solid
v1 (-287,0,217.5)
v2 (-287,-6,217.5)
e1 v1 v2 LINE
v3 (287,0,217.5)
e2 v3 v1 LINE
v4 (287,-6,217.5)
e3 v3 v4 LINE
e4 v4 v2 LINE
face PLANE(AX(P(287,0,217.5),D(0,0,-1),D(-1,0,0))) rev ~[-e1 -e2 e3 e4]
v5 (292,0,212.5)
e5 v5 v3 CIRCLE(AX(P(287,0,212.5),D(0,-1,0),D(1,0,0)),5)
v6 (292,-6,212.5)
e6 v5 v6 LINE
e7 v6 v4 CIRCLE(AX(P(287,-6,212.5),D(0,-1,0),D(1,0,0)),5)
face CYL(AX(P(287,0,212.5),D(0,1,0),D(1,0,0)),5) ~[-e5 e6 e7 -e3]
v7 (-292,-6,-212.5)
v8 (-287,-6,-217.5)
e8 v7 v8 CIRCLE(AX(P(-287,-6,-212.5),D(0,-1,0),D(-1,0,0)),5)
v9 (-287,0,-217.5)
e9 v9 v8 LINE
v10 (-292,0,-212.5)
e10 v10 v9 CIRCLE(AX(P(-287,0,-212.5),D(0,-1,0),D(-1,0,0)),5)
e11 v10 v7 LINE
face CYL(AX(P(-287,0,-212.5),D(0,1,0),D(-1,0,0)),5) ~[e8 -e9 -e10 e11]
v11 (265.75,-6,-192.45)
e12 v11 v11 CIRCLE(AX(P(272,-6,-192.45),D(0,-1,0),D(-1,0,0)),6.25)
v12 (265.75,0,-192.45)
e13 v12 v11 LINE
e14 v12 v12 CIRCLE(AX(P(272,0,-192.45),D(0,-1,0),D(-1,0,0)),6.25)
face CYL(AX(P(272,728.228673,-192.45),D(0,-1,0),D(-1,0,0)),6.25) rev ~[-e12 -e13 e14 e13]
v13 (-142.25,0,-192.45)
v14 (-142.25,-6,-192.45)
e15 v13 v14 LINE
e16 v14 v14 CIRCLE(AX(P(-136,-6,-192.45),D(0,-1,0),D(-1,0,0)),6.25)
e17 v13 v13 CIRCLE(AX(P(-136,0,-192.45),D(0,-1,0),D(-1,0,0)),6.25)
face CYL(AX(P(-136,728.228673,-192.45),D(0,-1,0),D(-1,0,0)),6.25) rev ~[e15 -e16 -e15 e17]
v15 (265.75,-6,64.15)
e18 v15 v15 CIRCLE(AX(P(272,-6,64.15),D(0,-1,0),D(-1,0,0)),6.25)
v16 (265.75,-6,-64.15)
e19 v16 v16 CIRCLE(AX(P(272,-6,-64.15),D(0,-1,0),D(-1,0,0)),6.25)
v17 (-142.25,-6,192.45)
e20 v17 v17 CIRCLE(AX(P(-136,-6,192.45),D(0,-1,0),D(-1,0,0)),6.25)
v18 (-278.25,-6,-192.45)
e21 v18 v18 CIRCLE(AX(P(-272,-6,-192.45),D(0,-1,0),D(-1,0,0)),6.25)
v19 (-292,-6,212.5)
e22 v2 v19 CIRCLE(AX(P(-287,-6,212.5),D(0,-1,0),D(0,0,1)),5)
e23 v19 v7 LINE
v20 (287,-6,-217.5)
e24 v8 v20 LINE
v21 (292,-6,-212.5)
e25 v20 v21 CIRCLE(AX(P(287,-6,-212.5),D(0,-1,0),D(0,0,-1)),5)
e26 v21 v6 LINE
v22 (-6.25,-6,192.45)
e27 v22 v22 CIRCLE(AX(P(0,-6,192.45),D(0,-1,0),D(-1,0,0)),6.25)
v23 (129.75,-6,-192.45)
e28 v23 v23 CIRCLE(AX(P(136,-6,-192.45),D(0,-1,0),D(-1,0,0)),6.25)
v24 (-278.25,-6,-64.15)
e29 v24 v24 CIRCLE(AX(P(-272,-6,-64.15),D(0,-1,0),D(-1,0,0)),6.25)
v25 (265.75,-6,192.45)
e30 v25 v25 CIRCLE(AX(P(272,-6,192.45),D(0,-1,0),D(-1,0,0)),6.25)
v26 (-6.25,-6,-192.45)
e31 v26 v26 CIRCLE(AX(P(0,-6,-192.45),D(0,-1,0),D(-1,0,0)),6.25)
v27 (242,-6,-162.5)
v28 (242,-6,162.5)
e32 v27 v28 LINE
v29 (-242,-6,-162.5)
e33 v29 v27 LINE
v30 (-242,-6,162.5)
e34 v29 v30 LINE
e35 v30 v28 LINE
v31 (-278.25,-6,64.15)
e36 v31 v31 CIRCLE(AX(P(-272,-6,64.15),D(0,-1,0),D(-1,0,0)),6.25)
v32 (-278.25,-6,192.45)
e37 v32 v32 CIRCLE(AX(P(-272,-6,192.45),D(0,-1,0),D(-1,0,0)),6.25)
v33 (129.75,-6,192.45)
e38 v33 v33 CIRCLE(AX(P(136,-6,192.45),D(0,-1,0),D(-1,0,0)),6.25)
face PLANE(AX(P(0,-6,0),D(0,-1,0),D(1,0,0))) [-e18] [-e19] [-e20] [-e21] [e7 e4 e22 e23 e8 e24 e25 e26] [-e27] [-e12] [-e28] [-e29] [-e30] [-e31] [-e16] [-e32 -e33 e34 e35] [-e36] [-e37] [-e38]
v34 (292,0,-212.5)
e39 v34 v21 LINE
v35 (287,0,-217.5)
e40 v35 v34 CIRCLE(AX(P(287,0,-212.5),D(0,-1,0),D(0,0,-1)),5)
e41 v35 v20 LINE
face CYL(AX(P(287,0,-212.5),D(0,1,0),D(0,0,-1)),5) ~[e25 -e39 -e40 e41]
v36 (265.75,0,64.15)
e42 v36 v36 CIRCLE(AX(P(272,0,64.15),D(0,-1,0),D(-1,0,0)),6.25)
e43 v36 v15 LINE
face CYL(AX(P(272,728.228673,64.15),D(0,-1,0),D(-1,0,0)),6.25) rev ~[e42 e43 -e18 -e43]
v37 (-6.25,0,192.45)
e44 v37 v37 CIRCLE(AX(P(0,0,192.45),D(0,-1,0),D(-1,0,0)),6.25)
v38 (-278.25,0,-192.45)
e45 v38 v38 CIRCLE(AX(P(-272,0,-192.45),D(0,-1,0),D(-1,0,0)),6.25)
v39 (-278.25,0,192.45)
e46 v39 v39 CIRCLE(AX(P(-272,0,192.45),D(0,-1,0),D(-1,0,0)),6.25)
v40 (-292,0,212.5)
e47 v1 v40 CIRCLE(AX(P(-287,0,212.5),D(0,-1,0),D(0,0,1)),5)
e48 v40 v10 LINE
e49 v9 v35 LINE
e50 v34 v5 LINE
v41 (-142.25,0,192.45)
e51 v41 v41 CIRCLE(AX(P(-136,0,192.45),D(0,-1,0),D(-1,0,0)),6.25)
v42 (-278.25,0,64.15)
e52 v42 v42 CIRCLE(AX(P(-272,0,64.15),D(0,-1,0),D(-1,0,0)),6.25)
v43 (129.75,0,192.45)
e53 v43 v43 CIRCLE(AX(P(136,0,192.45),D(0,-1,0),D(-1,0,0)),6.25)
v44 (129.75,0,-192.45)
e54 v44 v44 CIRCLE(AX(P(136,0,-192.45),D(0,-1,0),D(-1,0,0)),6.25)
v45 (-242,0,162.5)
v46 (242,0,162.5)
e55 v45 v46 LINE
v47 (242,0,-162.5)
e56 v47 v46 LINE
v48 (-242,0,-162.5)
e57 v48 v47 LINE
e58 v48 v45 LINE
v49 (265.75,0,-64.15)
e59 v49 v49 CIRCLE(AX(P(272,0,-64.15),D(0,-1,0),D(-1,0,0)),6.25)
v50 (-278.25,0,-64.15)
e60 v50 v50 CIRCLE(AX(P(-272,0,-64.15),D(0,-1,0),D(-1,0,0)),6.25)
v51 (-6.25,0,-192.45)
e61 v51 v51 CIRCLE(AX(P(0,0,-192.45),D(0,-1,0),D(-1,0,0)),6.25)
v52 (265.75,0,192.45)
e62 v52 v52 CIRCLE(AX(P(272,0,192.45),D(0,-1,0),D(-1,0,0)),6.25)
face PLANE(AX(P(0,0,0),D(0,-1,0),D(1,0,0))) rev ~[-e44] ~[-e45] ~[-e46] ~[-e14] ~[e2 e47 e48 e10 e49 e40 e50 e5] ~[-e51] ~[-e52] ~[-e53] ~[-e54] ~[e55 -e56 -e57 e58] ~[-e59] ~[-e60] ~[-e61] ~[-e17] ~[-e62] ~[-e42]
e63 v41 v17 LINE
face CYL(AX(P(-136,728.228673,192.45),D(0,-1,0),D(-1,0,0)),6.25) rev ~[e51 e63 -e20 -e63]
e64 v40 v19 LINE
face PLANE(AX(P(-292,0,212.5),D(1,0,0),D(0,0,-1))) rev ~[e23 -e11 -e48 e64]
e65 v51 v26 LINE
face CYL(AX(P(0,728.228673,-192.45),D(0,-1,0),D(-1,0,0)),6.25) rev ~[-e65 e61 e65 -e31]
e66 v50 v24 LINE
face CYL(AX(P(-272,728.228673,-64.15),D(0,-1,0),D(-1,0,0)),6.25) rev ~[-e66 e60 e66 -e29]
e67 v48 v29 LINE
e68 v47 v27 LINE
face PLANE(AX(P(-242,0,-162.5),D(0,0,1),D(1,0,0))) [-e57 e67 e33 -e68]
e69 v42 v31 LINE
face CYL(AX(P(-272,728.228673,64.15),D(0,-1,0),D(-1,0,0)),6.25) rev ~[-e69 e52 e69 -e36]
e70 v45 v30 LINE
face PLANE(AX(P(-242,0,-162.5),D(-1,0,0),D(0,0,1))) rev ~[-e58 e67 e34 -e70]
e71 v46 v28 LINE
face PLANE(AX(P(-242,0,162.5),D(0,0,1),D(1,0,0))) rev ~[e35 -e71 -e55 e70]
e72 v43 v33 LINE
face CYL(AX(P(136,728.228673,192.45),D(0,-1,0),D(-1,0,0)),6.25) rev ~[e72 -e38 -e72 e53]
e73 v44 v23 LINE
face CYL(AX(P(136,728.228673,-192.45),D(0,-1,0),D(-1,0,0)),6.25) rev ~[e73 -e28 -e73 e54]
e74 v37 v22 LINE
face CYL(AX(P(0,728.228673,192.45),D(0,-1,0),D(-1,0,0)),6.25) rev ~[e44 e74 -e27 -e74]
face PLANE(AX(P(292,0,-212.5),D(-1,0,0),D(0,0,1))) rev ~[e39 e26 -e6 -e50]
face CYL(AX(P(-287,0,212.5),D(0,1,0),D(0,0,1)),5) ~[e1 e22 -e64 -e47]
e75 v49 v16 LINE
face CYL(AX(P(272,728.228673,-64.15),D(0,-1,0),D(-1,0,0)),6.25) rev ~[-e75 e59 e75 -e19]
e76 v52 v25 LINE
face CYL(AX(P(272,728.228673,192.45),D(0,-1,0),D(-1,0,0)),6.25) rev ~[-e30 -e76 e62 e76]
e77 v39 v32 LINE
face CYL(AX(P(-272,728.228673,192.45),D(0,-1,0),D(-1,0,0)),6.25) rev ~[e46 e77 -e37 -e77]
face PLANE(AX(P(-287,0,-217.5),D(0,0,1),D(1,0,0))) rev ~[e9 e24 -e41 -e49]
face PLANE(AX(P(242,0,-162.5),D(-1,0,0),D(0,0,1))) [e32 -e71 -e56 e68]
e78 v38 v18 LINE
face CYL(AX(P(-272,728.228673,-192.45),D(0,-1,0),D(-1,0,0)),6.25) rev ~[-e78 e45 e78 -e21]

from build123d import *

# Parameters (mm, degrees)
F0_W     = 484
F0_H     = 325
F1_DEPTH = 6
F3_D     = 12.5


with BuildPart() as f1:
    # F0 (on Front) → F1 (new body)
    with BuildSketch(Plane.XZ):
        with BuildLine():
            Line((-287, -217.5), (287, -217.5))
            ThreePointArc((287, -217.5), (290.5355339059, -216.0355339059), (292, -212.5))
            Line((292, -212.5), (292, 212.5))
            ThreePointArc((292, 212.5), (290.5355339059, 216.0355339059), (287, 217.5))
            Line((287, 217.5), (-287, 217.5))
            ThreePointArc((-287, 217.5), (-290.5355339059, 216.0355339059), (-292, 212.5))
            Line((-292, 212.5), (-292, -212.5))
            ThreePointArc((-292, -212.5), (-290.5355339059, -216.0355339059), (-287, -217.5))
        make_face()
        Rectangle(F0_W, F0_H, mode=Mode.SUBTRACT)
    extrude(amount=F1_DEPTH)

    # F3 (through all)
    with Locations(Plane(origin=(0, 0, 0), x_dir=(1, 0, 0), z_dir=(0, 1, 0))):
        with Locations((-272, -192.45), (-272, -64.15), (-272, 64.15), (-272, 192.45), (-136, 192.45), (0, 192.45), (272, 192.45), (136, 192.45), (272, -64.15), (272, 64.15), (272, -192.45), (-136, -192.45), (136, -192.45), (0, -192.45)):
            Hole(F3_D / 2)


solid = f1.part
